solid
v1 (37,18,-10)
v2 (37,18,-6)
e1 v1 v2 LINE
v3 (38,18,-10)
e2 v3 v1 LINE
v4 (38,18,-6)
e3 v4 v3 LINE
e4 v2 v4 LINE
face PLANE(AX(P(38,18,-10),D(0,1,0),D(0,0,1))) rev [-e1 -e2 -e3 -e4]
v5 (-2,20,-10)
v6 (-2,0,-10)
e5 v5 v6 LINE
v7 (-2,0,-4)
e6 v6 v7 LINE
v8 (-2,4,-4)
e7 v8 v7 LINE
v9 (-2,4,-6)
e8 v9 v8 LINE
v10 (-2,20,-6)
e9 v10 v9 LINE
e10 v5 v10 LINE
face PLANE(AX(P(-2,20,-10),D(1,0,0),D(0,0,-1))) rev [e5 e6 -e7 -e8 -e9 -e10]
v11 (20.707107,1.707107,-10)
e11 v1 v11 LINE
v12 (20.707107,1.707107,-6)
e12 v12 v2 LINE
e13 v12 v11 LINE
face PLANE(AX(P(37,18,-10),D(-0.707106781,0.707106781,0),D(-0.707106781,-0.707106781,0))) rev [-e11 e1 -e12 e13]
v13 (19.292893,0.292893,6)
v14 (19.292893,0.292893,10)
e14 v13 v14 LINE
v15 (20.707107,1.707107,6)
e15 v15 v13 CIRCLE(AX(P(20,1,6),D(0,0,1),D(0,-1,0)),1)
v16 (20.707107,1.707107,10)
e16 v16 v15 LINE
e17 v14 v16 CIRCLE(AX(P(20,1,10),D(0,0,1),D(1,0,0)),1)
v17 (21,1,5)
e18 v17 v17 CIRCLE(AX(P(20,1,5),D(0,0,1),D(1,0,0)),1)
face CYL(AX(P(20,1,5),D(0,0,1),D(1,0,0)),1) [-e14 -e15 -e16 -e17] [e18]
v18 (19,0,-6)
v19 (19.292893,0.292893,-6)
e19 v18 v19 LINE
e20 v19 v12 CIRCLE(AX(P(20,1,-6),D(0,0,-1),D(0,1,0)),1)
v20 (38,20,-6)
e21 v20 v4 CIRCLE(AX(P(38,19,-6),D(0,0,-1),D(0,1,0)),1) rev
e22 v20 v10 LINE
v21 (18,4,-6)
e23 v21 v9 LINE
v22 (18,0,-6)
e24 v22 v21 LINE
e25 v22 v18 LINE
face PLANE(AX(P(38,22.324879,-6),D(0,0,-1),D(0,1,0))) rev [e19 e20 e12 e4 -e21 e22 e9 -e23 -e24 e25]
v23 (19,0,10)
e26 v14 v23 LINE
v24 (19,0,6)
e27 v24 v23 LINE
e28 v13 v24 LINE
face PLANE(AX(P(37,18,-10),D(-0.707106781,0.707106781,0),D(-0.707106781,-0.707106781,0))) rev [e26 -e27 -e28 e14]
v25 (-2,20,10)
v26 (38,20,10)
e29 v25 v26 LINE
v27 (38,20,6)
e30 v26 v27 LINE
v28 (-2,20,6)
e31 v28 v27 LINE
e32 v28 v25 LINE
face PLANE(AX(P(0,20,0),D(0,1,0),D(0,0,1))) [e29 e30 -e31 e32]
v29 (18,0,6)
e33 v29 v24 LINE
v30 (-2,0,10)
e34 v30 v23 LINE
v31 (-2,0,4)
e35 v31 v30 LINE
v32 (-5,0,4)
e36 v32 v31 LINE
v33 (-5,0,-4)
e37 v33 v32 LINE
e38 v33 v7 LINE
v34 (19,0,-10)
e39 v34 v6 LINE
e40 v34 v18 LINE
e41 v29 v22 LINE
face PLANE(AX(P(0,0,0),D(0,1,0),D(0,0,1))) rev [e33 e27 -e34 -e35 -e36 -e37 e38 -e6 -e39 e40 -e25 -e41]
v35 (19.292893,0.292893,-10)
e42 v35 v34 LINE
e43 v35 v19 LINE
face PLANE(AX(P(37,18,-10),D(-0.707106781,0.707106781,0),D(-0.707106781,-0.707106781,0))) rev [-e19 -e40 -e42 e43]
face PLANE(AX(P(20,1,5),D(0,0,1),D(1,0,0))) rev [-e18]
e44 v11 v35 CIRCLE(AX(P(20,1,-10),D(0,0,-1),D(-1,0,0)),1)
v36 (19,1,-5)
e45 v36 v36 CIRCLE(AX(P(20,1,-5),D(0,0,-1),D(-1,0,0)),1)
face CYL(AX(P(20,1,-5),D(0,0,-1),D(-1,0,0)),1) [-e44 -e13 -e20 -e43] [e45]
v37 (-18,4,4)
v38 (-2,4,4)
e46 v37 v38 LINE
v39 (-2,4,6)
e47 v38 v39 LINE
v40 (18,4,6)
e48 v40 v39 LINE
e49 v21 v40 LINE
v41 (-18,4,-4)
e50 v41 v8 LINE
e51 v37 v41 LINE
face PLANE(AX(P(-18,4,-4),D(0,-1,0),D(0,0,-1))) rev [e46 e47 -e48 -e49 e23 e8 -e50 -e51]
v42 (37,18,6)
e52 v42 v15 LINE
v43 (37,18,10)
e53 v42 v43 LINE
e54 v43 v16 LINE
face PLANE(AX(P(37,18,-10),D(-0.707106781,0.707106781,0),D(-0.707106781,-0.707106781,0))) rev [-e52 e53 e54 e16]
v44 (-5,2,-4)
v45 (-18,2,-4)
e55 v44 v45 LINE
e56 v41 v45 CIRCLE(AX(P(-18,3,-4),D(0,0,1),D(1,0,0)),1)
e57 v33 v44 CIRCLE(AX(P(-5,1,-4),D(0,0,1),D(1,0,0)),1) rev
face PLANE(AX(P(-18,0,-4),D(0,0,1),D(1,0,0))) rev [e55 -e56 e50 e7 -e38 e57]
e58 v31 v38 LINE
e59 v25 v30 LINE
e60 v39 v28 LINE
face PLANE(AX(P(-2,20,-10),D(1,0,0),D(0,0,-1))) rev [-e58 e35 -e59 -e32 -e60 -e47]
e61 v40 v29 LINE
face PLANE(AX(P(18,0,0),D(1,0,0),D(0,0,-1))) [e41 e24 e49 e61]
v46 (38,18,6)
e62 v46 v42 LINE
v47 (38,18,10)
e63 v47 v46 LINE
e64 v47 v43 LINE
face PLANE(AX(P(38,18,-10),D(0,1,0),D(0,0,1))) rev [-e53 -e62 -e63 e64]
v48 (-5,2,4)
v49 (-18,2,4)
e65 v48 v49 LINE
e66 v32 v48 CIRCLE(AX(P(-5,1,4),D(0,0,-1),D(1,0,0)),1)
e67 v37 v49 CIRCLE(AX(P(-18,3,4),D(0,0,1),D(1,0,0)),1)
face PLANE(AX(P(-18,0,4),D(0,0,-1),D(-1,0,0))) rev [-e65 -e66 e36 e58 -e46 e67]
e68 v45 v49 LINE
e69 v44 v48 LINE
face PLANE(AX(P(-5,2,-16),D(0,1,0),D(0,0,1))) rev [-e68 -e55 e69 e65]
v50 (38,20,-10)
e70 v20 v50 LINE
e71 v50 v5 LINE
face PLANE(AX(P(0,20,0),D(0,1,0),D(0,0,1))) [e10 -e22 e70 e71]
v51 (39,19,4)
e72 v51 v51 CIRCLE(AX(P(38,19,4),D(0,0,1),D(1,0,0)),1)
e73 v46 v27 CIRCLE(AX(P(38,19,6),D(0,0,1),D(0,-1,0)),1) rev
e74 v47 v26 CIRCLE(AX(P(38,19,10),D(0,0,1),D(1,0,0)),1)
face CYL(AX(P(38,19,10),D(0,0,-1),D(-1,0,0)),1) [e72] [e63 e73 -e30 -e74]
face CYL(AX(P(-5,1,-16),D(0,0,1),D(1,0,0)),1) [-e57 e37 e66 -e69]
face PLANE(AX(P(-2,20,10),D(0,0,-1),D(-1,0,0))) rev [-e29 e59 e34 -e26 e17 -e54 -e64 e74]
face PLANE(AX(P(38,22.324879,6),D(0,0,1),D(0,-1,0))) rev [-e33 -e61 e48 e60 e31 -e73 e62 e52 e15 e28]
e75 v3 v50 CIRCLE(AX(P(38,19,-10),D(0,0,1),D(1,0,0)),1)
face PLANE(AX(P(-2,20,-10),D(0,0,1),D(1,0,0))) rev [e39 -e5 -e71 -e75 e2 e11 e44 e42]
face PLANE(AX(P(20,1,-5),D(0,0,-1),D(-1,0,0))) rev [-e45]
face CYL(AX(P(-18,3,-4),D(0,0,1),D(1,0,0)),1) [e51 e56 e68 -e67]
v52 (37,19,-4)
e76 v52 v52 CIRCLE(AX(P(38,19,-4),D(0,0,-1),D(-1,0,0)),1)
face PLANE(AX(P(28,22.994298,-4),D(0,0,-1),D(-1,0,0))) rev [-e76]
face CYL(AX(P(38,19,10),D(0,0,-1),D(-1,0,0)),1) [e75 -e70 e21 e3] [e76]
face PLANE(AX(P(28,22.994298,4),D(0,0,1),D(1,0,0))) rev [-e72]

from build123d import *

# Parameters (mm, degrees)
SKETCH_1_W           = 40
SKETCH_1_H           = 20
EXTRUDE_1_DEPTH      = 20
SKETCH_2_W           = 8
SKETCH_2_H           = 4
EXTRUDE_2_DEPTH      = 16
SKETCH_4_W           = 12
SKETCH_4_H           = 18.32487869
CUT_EXTRUDE_2_DEPTH  = 41
SKETCH_7_W           = 12
SKETCH_7_H           = 4
CUT_EXTRUDE_4_DEPTH  = 20
SKETCH_5_R           = 1
EXTRUDE_3_DEPTH      = 10
SKETCH_6_W           = 8
SKETCH_6_H           = 25.038569191
CUT_EXTRUDE_3_DEPTH  = 10
CUT_EXTRUDE_8_DEPTH  = 20
SKETCH_13_R          = 1
EXTRUDE_5_DEPTH      = 8
CUT_EXTRUDE_10_DEPTH = 20
SKETCH_16_R          = 1
EXTRUDE_12_DEPTH     = 5
SKETCH_17_R          = 1
EXTRUDE_13_DEPTH     = 5


with BuildPart() as part:
    # 草图1 → 凸台-拉伸1 (new body)
    with BuildSketch(Plane(origin=(0, 0, 0), x_dir=(1, 0, 0), z_dir=(0, 1, 0))):
        with Locations((18, 0)):
            Rectangle(SKETCH_1_W, SKETCH_1_H)
    extrude(amount=EXTRUDE_1_DEPTH)

    # 草图2 → 凸台-拉伸2 (add)
    with BuildSketch(Plane.ZY.offset(2)):
        with Locations((0, 2)):
            Rectangle(SKETCH_2_W, SKETCH_2_H)
    extrude(amount=EXTRUDE_2_DEPTH)

    # 草图4 → 切除-拉伸2 (cut, through all)
    with BuildSketch(Plane.ZY.offset(2)):
        with Locations((0, 13.162439345)):
            Rectangle(SKETCH_4_W, SKETCH_4_H)
    extrude(amount=-CUT_EXTRUDE_2_DEPTH, mode=Mode.SUBTRACT)

    # 草图7 → 切除-拉伸4 (cut)
    with BuildSketch(Plane(origin=(38, 0, 0), x_dir=(0, 0, -1), z_dir=(1, 0, 0))):
        with Locations((0, 2)):
            Rectangle(SKETCH_7_W, SKETCH_7_H)
    extrude(amount=-CUT_EXTRUDE_4_DEPTH, mode=Mode.SUBTRACT)

    # 草图5 → 凸台-拉伸3 (add, symmetric)
    with BuildSketch(Plane.XY):
        with Locations((38, 19)):
            Circle(SKETCH_5_R)
        with Locations((38, 1)):
            Circle(SKETCH_5_R)
    extrude(amount=EXTRUDE_3_DEPTH, both=True)

    # 草图6 → 切除-拉伸3 (cut, symmetric)
    with BuildSketch(Plane(origin=(38, 0, 0), x_dir=(0, 0, -1), z_dir=(1, 0, 0))):
        with Locations((0, 10.475013396)):
            Rectangle(SKETCH_6_W, SKETCH_6_H)
    extrude(amount=CUT_EXTRUDE_3_DEPTH, both=True, mode=Mode.SUBTRACT)

    # 草图12 → 切除-拉伸8 (cut)
    with BuildSketch(Plane.XY.offset(4)):
        with BuildLine():
            Line((-5, 2), (-18.474771325, 2))
            Line((-18.474771325, 2), (-18.474771325, 0))
            Line((-18.474771325, 0), (-5, 0))
            ThreePointArc((-5, 0), (-6, 1), (-5, 2))
        make_face()
    extrude(amount=-CUT_EXTRUDE_8_DEPTH, mode=Mode.SUBTRACT)

    # 草图13 → 凸台-拉伸5 (add)
    with BuildSketch(Plane.XY.offset(4)):
        with Locations((-18, 3)):
            Circle(SKETCH_13_R)
    extrude(amount=-EXTRUDE_5_DEPTH)

    # 草图15 → 切除-拉伸10 (cut)
    with BuildSketch(Plane.XY.offset(10)):
        Polygon((19, 0), (39.887994795, 0), (38, 18), (37, 18), align=None)
    extrude(amount=-CUT_EXTRUDE_10_DEPTH, mode=Mode.SUBTRACT)

    # 草图16 → 凸台-拉伸12 (add)
    with BuildSketch(Plane.XY.offset(10)):
        with Locations((20, 1)):
            Circle(SKETCH_16_R)
    extrude(amount=-EXTRUDE_12_DEPTH)

    # 草图17 → 凸台-拉伸13 (add)
    with BuildSketch(Plane(origin=(0, 0, -10), x_dir=(-1, 0, 0), z_dir=(0, 0, -1))):
        with Locations((-20, 1)):
            Circle(SKETCH_17_R)
    extrude(amount=-EXTRUDE_13_DEPTH)


solid = part.part
